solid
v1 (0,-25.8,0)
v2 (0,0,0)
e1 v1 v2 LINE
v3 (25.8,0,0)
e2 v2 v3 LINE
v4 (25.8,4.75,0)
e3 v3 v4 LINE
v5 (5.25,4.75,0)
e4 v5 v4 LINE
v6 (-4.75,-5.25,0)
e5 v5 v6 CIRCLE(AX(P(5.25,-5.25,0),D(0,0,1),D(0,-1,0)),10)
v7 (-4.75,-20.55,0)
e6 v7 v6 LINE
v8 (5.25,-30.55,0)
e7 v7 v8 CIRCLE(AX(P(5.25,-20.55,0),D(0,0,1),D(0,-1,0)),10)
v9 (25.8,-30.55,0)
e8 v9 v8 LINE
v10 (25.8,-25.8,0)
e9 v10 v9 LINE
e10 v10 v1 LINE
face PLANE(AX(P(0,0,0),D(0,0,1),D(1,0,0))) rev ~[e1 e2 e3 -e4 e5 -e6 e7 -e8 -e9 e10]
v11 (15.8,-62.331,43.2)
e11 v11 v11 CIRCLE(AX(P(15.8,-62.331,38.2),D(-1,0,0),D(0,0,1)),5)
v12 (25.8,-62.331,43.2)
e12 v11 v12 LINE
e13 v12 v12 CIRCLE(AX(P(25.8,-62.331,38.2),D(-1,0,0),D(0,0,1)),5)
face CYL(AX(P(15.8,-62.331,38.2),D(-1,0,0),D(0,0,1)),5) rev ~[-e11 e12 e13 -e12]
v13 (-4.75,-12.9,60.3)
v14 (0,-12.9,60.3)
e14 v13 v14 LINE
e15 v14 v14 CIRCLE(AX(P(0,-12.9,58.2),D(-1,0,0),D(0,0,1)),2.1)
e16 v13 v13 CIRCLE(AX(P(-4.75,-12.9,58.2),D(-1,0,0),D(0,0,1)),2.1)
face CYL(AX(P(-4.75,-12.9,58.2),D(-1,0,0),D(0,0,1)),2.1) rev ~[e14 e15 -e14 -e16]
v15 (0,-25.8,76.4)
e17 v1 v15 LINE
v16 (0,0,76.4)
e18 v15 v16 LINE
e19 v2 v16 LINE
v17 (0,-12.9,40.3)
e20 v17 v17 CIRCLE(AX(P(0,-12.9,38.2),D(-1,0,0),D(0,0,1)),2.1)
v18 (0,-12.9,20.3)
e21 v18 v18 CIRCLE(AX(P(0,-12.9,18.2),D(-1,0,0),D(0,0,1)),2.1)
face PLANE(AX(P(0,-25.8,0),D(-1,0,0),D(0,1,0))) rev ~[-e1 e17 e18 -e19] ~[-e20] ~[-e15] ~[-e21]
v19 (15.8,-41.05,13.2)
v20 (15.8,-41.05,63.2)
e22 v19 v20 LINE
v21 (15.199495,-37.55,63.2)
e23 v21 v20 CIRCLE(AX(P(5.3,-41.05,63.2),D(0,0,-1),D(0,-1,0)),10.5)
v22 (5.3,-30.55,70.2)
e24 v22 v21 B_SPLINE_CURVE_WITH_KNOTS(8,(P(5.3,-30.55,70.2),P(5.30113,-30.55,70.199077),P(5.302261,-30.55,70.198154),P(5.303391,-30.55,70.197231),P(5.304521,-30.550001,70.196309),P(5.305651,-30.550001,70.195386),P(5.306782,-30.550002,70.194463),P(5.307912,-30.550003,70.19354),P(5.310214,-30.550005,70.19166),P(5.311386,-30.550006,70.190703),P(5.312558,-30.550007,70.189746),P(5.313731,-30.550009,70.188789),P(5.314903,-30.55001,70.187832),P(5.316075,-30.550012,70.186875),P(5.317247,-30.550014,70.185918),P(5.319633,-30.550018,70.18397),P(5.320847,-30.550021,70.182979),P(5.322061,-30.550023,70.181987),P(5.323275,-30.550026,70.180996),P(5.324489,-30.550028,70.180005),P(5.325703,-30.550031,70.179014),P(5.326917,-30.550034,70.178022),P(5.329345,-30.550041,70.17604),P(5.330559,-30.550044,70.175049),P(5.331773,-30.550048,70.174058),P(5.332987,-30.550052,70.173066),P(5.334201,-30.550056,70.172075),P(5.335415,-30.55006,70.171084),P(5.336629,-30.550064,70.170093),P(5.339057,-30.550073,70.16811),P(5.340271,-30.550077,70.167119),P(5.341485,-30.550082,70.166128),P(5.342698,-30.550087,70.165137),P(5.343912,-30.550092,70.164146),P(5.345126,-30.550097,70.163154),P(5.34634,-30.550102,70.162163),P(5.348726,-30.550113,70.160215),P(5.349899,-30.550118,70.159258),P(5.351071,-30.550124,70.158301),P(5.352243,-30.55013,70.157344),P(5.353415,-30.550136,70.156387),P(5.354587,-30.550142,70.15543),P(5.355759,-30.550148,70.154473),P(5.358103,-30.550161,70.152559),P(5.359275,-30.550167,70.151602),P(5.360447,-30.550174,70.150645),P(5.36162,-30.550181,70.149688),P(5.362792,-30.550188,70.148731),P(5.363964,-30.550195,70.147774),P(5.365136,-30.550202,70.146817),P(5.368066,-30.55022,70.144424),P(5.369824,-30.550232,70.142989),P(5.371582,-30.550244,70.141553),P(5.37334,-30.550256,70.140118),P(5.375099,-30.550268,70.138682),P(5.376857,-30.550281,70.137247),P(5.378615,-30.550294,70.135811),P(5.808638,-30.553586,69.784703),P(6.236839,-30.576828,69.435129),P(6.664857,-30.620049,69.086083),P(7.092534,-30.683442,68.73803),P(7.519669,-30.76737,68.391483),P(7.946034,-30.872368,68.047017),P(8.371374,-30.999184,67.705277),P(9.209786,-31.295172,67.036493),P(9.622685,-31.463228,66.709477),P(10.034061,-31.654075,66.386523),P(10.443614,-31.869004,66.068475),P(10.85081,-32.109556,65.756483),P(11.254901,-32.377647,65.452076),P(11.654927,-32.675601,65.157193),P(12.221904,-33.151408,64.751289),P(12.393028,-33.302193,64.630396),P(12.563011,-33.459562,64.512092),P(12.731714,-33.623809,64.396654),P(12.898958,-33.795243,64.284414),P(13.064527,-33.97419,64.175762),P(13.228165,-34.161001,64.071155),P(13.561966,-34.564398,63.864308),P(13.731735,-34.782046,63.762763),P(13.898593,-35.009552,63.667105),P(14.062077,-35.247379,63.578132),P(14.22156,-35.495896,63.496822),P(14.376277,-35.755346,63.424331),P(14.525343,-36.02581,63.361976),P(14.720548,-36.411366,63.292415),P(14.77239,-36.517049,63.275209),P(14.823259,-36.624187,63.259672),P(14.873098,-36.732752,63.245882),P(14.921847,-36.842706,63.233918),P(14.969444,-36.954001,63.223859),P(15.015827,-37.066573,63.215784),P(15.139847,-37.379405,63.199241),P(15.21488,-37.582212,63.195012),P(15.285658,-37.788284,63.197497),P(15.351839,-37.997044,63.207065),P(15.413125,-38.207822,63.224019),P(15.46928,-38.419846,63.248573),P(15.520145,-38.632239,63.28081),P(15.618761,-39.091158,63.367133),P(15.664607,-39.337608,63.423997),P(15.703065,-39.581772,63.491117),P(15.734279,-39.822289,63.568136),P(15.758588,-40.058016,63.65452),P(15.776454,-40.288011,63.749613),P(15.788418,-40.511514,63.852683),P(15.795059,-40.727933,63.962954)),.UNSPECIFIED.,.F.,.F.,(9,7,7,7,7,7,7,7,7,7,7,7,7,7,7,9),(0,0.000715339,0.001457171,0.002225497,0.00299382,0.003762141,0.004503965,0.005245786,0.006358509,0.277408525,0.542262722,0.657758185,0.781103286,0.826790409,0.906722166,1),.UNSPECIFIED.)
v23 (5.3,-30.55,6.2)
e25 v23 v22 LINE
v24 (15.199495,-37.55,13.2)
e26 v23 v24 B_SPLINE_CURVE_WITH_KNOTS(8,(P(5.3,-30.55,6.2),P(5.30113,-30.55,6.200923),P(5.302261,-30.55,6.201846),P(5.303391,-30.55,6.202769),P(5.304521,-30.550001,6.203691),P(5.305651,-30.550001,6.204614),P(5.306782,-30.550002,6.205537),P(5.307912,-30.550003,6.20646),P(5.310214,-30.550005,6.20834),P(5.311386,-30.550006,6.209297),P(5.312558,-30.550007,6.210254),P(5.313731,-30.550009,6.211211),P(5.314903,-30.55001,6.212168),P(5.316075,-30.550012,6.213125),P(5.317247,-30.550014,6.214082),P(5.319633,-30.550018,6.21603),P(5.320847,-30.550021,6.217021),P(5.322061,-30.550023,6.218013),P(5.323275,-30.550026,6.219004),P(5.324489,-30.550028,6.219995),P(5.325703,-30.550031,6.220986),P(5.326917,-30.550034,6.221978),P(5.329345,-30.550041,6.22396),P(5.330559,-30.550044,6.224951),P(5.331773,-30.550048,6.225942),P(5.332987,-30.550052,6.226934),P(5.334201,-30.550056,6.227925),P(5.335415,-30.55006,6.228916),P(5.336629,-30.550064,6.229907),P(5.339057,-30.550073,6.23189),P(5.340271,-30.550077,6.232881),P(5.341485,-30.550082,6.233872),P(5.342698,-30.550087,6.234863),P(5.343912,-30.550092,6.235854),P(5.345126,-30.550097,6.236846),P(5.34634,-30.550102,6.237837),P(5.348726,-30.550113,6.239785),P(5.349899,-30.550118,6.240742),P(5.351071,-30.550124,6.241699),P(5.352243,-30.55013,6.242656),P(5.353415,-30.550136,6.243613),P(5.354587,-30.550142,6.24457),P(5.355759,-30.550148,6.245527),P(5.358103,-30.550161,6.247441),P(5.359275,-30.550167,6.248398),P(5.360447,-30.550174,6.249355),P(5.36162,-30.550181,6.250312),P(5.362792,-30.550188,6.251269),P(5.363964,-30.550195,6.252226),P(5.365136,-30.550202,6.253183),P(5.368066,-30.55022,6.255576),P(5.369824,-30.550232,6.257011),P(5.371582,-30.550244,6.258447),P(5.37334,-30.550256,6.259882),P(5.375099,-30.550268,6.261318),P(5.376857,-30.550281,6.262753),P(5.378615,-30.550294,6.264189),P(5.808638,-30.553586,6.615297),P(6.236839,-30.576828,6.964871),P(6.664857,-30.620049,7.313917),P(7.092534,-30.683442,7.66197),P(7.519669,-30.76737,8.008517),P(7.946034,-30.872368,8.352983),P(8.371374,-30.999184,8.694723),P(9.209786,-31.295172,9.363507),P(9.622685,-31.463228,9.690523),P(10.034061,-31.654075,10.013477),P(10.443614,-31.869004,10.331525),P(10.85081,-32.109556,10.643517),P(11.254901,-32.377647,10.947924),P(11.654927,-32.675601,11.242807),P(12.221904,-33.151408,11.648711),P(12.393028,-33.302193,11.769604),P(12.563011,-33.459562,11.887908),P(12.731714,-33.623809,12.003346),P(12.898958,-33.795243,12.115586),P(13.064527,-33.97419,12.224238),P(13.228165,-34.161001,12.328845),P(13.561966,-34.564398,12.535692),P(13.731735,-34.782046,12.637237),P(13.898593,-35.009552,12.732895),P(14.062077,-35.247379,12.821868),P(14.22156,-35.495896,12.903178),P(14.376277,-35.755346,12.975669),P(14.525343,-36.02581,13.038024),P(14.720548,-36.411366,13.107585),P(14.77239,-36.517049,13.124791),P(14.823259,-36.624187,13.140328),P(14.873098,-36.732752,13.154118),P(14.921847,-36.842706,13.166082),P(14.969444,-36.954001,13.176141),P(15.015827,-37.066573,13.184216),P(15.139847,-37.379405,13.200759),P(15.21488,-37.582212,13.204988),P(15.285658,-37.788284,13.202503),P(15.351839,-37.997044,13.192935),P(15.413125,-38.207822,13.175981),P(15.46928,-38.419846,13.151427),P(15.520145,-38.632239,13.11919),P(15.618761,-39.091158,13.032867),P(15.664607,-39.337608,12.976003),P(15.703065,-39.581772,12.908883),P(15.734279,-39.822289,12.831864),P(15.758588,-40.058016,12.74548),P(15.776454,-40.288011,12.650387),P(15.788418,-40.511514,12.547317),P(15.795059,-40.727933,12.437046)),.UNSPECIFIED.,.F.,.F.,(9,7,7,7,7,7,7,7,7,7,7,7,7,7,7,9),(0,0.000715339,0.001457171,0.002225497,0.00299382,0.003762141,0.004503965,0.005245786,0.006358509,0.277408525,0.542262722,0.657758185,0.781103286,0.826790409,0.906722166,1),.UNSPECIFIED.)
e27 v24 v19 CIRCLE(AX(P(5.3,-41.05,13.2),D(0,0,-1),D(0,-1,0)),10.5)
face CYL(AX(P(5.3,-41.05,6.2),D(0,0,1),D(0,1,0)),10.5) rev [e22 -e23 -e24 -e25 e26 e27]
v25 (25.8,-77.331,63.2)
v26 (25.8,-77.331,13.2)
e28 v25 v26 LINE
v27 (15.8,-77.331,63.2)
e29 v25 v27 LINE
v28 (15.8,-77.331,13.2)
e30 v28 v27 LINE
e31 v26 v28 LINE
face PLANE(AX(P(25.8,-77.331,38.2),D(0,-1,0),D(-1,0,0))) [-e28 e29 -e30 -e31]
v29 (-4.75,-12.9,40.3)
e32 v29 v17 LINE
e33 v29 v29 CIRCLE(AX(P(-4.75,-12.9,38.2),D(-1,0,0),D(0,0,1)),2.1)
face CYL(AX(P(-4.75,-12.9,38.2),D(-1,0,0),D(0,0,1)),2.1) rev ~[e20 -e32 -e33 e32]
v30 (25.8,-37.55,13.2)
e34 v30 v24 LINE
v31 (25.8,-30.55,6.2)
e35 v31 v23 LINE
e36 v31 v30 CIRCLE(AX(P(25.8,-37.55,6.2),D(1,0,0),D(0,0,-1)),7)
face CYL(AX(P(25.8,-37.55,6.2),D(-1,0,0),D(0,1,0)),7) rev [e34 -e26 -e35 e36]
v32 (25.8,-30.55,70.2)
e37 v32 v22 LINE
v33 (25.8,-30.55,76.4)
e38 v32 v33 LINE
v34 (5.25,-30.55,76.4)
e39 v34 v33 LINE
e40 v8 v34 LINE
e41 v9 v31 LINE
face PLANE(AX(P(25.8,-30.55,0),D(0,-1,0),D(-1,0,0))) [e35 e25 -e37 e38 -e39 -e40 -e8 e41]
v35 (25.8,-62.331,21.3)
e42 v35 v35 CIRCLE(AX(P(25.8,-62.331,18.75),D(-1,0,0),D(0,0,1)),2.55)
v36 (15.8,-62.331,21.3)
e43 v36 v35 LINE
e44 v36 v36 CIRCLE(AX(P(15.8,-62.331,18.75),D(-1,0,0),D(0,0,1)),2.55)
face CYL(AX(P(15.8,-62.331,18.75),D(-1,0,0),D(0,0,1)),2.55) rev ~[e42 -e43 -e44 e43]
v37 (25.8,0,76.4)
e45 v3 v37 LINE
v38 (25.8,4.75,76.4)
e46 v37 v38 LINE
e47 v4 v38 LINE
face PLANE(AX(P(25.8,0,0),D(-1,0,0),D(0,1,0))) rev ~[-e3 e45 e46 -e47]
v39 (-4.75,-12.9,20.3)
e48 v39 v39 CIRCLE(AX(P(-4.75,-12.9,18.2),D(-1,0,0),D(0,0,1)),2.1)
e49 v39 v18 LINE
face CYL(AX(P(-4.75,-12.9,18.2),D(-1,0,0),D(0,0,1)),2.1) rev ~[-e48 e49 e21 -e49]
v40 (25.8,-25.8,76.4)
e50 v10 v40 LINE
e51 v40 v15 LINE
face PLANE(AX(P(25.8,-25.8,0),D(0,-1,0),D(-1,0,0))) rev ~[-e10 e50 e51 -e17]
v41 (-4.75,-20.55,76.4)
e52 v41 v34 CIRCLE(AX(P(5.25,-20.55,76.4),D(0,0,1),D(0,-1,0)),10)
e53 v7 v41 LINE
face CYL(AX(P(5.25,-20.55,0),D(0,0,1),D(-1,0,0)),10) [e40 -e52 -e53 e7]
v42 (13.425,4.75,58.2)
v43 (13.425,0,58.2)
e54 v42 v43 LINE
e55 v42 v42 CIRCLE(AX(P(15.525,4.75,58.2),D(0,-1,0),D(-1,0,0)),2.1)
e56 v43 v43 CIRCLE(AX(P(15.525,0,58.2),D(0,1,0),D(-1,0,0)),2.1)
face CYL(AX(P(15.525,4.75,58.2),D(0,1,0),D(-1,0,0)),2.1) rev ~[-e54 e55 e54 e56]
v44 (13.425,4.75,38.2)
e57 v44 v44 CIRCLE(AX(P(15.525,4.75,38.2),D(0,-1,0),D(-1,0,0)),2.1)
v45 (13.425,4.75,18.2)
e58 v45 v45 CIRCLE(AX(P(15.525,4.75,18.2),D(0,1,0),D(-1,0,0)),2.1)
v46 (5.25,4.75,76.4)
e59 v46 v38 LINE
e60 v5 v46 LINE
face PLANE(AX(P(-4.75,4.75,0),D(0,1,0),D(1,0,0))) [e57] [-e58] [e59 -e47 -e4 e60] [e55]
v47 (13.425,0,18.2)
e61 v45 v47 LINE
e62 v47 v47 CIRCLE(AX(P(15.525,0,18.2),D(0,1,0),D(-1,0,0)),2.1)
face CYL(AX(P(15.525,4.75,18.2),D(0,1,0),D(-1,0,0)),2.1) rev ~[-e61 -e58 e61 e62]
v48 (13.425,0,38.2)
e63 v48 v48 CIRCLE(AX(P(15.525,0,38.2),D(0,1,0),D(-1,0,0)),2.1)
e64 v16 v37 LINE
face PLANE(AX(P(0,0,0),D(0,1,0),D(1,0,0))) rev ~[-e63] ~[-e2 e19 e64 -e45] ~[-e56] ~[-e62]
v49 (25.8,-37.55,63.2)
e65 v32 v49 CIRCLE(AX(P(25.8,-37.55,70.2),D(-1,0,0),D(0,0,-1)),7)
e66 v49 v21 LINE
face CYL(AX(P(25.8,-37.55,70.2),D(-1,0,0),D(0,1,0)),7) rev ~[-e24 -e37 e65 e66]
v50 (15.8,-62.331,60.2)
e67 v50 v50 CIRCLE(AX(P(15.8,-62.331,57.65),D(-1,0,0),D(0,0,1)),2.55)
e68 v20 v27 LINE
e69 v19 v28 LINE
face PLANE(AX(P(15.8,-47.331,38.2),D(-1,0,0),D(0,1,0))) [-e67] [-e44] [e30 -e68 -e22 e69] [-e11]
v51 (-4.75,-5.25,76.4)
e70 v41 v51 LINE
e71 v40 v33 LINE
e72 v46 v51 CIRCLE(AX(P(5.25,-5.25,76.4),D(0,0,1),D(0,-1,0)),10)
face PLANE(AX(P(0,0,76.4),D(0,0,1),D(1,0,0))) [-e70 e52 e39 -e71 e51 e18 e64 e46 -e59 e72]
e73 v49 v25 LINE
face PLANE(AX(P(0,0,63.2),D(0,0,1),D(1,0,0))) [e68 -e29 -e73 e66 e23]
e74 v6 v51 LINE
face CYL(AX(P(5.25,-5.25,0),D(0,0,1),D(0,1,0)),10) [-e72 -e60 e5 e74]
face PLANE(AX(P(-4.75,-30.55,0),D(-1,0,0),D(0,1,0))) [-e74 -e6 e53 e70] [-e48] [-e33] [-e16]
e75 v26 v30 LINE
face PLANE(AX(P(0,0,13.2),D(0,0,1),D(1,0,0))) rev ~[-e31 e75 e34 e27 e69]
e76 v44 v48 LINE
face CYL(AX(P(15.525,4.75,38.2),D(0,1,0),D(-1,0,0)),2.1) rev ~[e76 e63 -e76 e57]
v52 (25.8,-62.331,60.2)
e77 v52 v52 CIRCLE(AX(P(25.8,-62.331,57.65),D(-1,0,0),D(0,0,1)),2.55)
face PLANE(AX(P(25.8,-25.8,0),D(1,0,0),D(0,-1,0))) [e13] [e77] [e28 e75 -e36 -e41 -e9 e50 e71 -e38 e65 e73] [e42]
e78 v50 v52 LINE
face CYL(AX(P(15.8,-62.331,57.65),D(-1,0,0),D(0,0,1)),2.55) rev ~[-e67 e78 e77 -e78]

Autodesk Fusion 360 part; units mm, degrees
sketch "Sketch1" plane through (0, 0, 0) normal (0, 0, 1) x (1, 0, 0)
  line L0 (0, 0) -> (25.8, 0)
  line L1 (25.8, 0) -> (25.8, -25.8)
  line L2 (0, 0) -> (25.8, 0)
  line L3 (25.8, 0) -> (25.8, -25.8)
  line L4 (25.8, -25.8) -> (0, -25.8)
  line L5 (0, -25.8) -> (0, 0)
  line L6 (25.8, -30.55) -> (-4.75, -30.55)
  line L7 (-4.75, -30.55) -> (-4.75, 4.75)
  line L8 (-4.75, 4.75) -> (25.8, 4.75)
  line L9 (25.8, 0) -> (25.8, 4.75)
  line L10 (25.8, 4.75) -> (25.8, -30.55)
  line L11 (25.8, -12.9) -> (25.8, -62.331)
  line L12 (25.8, -62.331) -> (25.8, -77.331)
  line L13 (25.8, -62.331) -> (25.8, -47.331)
  line L14 (25.8, -47.331) -> (15.8, -47.331)
  line L15 (15.8, -47.331) -> (15.8, -30.55)
  line L16 (15.8, -47.331) -> (15.8, -77.331)
  line L17 (25.8, -77.331) -> (15.8, -77.331)
  dimension "d1" = 25.8
  dimension "d2" = 25.8
  dimension "d4" = 49.431
  dimension "d5" = 15
  dimension "d6" = 15
  dimension "d7" = 10
extrude "Extrude1" add sketch "Sketch1" along normal blind 76.4 contours L0 L2 L4 L5 L6 L7 L8 L9 L10 L11
ref_plane "WorkPlane1" through (10.525, -12.9, 38.2) normal (0, 0, 1) x (1, 0, 0)
extrude "Extrude2" add sketch "Sketch1" along normal mid plane 50 from surface at 38.2 contours L6 L11 L14 L15 | L11 L12 L13 L14 L16 L17
sketch "Sketch2" plane through (15.8, 0, 0) normal (-1, 0, 0) x (0, 0, 1)
  line L0 (13.2, -77.331) -> (63.2, -77.331)
  line L1 (63.2, -77.331) -> (63.2, -30.55)
  line L2 (63.2, -30.55) -> (13.2, -30.55)
  line L3 (13.2, -30.55) -> (13.2, -77.331)
  line L4 (0, -47.331) -> (0, -77.331)
  line L5 (0, -62.331) -> (0, -77.331)
  line L6 (0, -62.331) -> (0, -47.331)
  line L7 (0, -77.331) -> (0, -62.331)
  line L8 (13.2, -62.331) -> (63.2, -62.331) construction
  circle A0 centre (38.2, -62.331) radius 5
  line L9 (63.2, -62.331) -> (60.2, -62.331)
  circle A1 centre (57.65, -62.331) radius 2.55
  line L10 (38.2, -62.331) -> (38.2, -60) construction
  circle A2 centre (18.75, -62.331) radius 2.55
  dimension "d13" = 10
  dimension "d14" = 3
  dimension "d15" = 5.1
extrude "Extrude3" cut sketch "Sketch2" against normal blind 61 contours A1 | A0 | A2
fillet "Fillet1" radius 10 2 edges at (-4.75, -30.55, 38.2) (-4.75, 4.75, 38.2)
fillet "Fillet2" radius 7 2 edges at (20.8, -30.55, 63.2) (20.8, -30.55, 13.2)
fillet "Fillet3" radius 10.5 1 edges at (15.8, -30.55, 38.2)
sketch "Sketch3" plane through (-4.75, 0, 0) normal (-1, 0, 0) x (0, 0, 1)
  line L0 (76.4, -5.25) -> (0, -5.25)
  line L1 (0, -5.25) -> (0, -20.55)
  line L2 (0, -20.55) -> (76.4, -20.55)
  line L3 (76.4, -20.55) -> (76.4, -5.25)
  line L4 (0, -12.9) -> (76.4, -12.9) construction
  circle A0 centre (38.2, -12.9) radius 2.1
  line L5 (38.2, -12.9) -> (58.2, -12.9) construction
  circle A1 centre (58.2, -12.9) radius 2.1
  line L6 (38.2, -12.9) -> (18.2, -12.9) construction
  circle A2 centre (18.2, -12.9) radius 2.1
  dimension "d24" = 4.2
  dimension "d25" = 20
  dimension "d26" = 4.2
  dimension "d27" = 20
  dimension "d28" = 4.2
extrude "Extrude4" cut sketch "Sketch3" against normal blind 40 contours A0 | A1 | A2
sketch "Sketch4" plane through (0, 4.75, 0) normal (0, 1, 0) x (-1, 0, 0)
  line L0 (-5.25, 0) -> (-5.25, 76.4)
  line L1 (-5.25, 76.4) -> (-25.8, 76.4)
  line L2 (-25.8, 76.4) -> (-25.8, 0)
  line L3 (-25.8, 0) -> (-5.25, 0)
  line L4 (4.75, 36.1) -> (4.75, 40.3)
  line L5 (4.75, 16.1) -> (4.75, 20.3)
  line L6 (4.75, 56.1) -> (4.75, 60.3)
  line L7 (4.75, 18.2) -> (-25.8, 18.2) construction
  line L8 (4.75, 38.2) -> (-25.8, 38.2) construction
  line L9 (4.75, 58.2) -> (-25.8, 58.2) construction
  line L10 (-25.8, 18.2) -> (-5.25, 18.2) construction
  line L11 (-5.25, 38.2) -> (-25.8, 38.2)
  line L12 (-25.8, 58.2) -> (-5.25, 58.2)
  circle A0 centre (-15.525, 18.2) radius 2.1
  circle A1 centre (-15.525, 38.2) radius 2.1
  circle A2 centre (-15.525, 58.2) radius 2.1
  point P0 (4.75, 18.2)
  dimension "d31" = 4.2
  dimension "d32" = 4.2
  dimension "d33" = 4.2
extrude "Extrude5" cut sketch "Sketch4" against normal blind 15 contours L11 A1 | L11 A1 | L12 A2 | L12 A2 | A0
